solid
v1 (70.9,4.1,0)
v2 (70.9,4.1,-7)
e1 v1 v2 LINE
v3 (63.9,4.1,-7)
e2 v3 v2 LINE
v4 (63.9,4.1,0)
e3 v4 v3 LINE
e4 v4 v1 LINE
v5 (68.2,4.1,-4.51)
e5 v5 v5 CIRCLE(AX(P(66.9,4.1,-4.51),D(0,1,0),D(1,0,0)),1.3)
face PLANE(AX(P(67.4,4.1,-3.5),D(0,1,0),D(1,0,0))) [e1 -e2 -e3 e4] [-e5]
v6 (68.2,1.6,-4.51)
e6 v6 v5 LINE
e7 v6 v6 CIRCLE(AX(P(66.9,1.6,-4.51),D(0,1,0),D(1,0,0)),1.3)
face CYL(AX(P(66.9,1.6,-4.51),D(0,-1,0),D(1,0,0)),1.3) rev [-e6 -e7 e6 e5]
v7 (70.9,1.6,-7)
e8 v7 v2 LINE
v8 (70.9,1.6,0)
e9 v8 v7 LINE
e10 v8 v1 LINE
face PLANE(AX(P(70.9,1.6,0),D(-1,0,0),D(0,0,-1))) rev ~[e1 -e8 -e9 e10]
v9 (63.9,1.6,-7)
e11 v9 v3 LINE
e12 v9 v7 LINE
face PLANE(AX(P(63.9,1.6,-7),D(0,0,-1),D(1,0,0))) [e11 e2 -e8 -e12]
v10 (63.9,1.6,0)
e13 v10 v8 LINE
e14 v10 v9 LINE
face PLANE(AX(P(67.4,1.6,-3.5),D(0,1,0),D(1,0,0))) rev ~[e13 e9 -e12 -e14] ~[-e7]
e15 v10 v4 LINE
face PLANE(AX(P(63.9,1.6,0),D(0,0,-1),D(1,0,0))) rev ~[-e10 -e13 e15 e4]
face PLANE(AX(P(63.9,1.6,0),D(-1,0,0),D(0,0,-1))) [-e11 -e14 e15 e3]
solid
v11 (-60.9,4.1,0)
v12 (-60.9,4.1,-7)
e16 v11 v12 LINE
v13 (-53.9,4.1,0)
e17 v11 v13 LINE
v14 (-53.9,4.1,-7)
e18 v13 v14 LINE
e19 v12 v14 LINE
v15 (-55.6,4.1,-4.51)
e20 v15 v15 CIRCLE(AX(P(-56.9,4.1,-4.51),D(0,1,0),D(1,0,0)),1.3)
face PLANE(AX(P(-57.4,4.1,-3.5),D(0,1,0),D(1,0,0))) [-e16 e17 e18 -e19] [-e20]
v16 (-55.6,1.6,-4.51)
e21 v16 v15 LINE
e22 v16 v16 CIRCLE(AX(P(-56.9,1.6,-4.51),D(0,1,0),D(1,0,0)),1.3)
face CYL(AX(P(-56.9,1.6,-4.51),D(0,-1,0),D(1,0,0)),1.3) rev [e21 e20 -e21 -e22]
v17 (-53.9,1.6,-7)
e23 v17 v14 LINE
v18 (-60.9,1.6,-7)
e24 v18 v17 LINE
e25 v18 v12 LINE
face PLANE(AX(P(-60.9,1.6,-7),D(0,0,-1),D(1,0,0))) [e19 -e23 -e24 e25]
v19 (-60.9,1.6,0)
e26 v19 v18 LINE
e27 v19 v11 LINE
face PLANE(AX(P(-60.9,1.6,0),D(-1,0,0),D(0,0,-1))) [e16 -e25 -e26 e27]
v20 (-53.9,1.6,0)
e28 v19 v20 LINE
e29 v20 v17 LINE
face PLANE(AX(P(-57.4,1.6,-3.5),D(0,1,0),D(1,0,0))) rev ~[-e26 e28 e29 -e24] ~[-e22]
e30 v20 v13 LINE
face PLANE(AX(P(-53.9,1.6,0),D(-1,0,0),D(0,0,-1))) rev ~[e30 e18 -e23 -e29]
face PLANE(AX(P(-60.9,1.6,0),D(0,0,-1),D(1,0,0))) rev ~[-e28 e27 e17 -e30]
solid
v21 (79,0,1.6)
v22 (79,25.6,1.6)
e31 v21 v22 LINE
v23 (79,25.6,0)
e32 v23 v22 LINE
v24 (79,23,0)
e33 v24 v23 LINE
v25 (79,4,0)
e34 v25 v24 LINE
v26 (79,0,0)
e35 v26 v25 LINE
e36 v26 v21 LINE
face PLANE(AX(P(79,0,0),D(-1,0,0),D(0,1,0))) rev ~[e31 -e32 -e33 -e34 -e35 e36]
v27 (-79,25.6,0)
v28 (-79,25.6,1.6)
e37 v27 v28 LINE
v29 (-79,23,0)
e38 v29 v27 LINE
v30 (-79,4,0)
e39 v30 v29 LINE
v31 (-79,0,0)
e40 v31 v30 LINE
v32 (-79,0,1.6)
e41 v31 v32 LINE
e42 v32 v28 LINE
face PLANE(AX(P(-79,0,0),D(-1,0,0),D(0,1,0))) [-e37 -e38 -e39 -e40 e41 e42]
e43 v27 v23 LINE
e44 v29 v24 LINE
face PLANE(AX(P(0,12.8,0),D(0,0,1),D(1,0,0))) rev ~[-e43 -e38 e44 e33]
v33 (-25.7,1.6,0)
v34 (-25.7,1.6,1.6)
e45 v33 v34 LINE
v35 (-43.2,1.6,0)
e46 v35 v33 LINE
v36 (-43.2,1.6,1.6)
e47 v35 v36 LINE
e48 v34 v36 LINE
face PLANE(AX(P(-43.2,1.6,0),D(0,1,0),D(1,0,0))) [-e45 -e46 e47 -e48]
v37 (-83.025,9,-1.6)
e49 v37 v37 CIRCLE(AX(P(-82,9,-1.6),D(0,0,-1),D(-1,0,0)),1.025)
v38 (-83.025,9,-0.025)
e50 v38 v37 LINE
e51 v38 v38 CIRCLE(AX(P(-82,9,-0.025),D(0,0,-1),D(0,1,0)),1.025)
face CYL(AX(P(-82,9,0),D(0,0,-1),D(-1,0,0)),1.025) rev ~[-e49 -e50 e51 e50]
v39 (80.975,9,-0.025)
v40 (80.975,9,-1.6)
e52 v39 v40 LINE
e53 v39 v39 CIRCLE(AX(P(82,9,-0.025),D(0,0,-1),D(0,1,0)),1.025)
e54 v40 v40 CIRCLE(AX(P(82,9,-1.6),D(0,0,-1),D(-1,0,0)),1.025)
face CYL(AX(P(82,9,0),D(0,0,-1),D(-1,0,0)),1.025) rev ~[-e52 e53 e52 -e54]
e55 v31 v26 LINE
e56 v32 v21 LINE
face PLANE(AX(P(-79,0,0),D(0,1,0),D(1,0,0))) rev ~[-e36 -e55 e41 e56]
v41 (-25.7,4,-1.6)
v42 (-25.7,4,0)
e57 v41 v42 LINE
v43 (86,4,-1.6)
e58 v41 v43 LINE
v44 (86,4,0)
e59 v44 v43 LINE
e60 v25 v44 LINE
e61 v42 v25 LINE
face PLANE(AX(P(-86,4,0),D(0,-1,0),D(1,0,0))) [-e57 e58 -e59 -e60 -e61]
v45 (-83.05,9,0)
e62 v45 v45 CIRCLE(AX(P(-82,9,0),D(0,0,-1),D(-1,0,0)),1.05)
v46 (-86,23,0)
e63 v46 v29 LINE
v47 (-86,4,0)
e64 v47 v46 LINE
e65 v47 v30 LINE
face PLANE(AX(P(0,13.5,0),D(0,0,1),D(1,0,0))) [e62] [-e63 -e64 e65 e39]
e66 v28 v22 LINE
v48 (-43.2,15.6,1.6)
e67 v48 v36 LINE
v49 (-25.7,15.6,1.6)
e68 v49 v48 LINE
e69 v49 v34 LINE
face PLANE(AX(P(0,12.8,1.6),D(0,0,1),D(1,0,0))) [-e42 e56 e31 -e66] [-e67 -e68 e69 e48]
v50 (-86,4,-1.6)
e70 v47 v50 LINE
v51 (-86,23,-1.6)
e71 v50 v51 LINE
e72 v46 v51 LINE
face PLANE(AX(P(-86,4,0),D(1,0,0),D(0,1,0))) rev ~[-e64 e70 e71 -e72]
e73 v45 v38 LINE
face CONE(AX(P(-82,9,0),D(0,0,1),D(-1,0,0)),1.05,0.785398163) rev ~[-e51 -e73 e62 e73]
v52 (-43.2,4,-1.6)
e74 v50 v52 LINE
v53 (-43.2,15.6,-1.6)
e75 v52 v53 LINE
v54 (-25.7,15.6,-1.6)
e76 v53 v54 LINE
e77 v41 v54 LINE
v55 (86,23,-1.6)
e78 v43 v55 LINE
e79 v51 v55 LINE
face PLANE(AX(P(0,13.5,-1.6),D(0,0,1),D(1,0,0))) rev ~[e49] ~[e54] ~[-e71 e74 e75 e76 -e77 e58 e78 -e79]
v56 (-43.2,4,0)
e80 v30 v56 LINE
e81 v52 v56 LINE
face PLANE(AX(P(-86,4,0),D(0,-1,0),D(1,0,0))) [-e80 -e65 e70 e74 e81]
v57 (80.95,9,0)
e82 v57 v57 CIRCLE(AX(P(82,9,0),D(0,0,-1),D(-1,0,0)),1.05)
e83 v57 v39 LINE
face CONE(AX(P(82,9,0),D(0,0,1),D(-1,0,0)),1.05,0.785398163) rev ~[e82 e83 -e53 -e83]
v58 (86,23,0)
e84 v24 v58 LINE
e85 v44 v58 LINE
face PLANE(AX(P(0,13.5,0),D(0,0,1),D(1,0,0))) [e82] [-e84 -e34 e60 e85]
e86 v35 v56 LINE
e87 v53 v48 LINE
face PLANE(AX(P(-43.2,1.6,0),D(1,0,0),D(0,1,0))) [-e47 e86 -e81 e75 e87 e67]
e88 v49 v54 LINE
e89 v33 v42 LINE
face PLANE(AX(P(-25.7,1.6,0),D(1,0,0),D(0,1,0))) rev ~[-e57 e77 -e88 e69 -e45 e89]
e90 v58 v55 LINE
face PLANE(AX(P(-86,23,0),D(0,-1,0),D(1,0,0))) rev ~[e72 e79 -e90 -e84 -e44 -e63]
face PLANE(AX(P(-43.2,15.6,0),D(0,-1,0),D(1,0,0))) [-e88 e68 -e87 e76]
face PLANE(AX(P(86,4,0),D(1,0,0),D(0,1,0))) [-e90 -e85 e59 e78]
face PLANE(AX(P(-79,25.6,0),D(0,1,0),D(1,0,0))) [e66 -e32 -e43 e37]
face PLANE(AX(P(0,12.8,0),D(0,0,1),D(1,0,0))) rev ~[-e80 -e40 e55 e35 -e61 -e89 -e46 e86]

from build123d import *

# Parameters (mm, degrees)
SKETCH1_W                                = 158
SKETCH1_H                                = 25.6
BOSS_EXTRUDE1_DEPTH                      = 1.6
SKETCH2_W                                = 172
SKETCH2_H                                = 19
BOSS_EXTRUDE2_DEPTH                      = 1.6
TAP_DRILL_FOR_M2_5X0_45_TAP3_D           = 2.05
TAP_DRILL_FOR_M2_5X0_45_TAP3_CSINK_D     = 2.1
TAP_DRILL_FOR_M2_5X0_45_TAP3_CSINK_ANGLE = 90
SKETCH7_W                                = 7
SKETCH7_H                                = 7
SKETCH7_R                                = 1.3
BOSS_EXTRUDE3_DEPTH                      = 2.5
BOSS_EXTRUDE3_2_DEPTH                    = 2.5
SKETCH8_W                                = 17.5
SKETCH8_H                                = 14
CUT_EXTRUDE1_DEPTH                       = 2.6
CUT_EXTRUDE1_DEPTH_BACK                  = 8


with BuildPart() as part:
    # Sketch1 → Boss-Extrude1 (new body)
    with BuildSketch(Plane.XY):
        with Locations((0, 12.8)):
            Rectangle(SKETCH1_W, SKETCH1_H)
    extrude(amount=BOSS_EXTRUDE1_DEPTH)

    # Sketch2 → Boss-Extrude2 (add)
    with BuildSketch(Plane.XY):
        with Locations((0, 13.5)):
            Rectangle(SKETCH2_W, SKETCH2_H)
    extrude(amount=-BOSS_EXTRUDE2_DEPTH)

    # Tap Drill for M2.5x0.45 Tap3 (through all)
    with Locations(Plane(origin=(-82, 9, 0), x_dir=(1, 0, 0), z_dir=(0, 0, 1))):
        with Locations((0, 0), (164, 0)):
            CounterSinkHole(TAP_DRILL_FOR_M2_5X0_45_TAP3_D / 2, TAP_DRILL_FOR_M2_5X0_45_TAP3_CSINK_D / 2, counter_sink_angle=TAP_DRILL_FOR_M2_5X0_45_TAP3_CSINK_ANGLE)

    # Sketch8 → Cut-Extrude1 (cut, two sides)
    with BuildSketch(Plane.XY) as cut_extrude1_sk:
        with Locations((-34.45, 8.6)):
            Rectangle(SKETCH8_W, SKETCH8_H)
    extrude(amount=CUT_EXTRUDE1_DEPTH, mode=Mode.SUBTRACT)
    extrude(cut_extrude1_sk.sketch, amount=-CUT_EXTRUDE1_DEPTH_BACK, mode=Mode.SUBTRACT)


with BuildPart() as body_2:
    # Sketch7 → Boss-Extrude3 (new body)
    with BuildSketch(Plane(origin=(0, 1.6, 0), x_dir=(1, 0, 0), z_dir=(0, 1, 0))):
        with Locations((-57.4, 3.5)):
            Rectangle(SKETCH7_W, SKETCH7_H)
        with Locations((-56.9, 4.51)):
            Circle(SKETCH7_R, mode=Mode.SUBTRACT)
    extrude(amount=BOSS_EXTRUDE3_DEPTH)


with BuildPart() as body_3:
    # Sketch7 → Boss-Extrude3 2 (new body)
    with BuildSketch(Plane(origin=(0, 1.6, 0), x_dir=(1, 0, 0), z_dir=(0, 1, 0))):
        with Locations((67.4, 3.5)):
            Rectangle(SKETCH7_W, SKETCH7_H)
        with Locations((66.9, 4.51)):
            Circle(SKETCH7_R, mode=Mode.SUBTRACT)
    extrude(amount=BOSS_EXTRUDE3_2_DEPTH)


solid = Compound([part.part, body_2.part, body_3.part])
